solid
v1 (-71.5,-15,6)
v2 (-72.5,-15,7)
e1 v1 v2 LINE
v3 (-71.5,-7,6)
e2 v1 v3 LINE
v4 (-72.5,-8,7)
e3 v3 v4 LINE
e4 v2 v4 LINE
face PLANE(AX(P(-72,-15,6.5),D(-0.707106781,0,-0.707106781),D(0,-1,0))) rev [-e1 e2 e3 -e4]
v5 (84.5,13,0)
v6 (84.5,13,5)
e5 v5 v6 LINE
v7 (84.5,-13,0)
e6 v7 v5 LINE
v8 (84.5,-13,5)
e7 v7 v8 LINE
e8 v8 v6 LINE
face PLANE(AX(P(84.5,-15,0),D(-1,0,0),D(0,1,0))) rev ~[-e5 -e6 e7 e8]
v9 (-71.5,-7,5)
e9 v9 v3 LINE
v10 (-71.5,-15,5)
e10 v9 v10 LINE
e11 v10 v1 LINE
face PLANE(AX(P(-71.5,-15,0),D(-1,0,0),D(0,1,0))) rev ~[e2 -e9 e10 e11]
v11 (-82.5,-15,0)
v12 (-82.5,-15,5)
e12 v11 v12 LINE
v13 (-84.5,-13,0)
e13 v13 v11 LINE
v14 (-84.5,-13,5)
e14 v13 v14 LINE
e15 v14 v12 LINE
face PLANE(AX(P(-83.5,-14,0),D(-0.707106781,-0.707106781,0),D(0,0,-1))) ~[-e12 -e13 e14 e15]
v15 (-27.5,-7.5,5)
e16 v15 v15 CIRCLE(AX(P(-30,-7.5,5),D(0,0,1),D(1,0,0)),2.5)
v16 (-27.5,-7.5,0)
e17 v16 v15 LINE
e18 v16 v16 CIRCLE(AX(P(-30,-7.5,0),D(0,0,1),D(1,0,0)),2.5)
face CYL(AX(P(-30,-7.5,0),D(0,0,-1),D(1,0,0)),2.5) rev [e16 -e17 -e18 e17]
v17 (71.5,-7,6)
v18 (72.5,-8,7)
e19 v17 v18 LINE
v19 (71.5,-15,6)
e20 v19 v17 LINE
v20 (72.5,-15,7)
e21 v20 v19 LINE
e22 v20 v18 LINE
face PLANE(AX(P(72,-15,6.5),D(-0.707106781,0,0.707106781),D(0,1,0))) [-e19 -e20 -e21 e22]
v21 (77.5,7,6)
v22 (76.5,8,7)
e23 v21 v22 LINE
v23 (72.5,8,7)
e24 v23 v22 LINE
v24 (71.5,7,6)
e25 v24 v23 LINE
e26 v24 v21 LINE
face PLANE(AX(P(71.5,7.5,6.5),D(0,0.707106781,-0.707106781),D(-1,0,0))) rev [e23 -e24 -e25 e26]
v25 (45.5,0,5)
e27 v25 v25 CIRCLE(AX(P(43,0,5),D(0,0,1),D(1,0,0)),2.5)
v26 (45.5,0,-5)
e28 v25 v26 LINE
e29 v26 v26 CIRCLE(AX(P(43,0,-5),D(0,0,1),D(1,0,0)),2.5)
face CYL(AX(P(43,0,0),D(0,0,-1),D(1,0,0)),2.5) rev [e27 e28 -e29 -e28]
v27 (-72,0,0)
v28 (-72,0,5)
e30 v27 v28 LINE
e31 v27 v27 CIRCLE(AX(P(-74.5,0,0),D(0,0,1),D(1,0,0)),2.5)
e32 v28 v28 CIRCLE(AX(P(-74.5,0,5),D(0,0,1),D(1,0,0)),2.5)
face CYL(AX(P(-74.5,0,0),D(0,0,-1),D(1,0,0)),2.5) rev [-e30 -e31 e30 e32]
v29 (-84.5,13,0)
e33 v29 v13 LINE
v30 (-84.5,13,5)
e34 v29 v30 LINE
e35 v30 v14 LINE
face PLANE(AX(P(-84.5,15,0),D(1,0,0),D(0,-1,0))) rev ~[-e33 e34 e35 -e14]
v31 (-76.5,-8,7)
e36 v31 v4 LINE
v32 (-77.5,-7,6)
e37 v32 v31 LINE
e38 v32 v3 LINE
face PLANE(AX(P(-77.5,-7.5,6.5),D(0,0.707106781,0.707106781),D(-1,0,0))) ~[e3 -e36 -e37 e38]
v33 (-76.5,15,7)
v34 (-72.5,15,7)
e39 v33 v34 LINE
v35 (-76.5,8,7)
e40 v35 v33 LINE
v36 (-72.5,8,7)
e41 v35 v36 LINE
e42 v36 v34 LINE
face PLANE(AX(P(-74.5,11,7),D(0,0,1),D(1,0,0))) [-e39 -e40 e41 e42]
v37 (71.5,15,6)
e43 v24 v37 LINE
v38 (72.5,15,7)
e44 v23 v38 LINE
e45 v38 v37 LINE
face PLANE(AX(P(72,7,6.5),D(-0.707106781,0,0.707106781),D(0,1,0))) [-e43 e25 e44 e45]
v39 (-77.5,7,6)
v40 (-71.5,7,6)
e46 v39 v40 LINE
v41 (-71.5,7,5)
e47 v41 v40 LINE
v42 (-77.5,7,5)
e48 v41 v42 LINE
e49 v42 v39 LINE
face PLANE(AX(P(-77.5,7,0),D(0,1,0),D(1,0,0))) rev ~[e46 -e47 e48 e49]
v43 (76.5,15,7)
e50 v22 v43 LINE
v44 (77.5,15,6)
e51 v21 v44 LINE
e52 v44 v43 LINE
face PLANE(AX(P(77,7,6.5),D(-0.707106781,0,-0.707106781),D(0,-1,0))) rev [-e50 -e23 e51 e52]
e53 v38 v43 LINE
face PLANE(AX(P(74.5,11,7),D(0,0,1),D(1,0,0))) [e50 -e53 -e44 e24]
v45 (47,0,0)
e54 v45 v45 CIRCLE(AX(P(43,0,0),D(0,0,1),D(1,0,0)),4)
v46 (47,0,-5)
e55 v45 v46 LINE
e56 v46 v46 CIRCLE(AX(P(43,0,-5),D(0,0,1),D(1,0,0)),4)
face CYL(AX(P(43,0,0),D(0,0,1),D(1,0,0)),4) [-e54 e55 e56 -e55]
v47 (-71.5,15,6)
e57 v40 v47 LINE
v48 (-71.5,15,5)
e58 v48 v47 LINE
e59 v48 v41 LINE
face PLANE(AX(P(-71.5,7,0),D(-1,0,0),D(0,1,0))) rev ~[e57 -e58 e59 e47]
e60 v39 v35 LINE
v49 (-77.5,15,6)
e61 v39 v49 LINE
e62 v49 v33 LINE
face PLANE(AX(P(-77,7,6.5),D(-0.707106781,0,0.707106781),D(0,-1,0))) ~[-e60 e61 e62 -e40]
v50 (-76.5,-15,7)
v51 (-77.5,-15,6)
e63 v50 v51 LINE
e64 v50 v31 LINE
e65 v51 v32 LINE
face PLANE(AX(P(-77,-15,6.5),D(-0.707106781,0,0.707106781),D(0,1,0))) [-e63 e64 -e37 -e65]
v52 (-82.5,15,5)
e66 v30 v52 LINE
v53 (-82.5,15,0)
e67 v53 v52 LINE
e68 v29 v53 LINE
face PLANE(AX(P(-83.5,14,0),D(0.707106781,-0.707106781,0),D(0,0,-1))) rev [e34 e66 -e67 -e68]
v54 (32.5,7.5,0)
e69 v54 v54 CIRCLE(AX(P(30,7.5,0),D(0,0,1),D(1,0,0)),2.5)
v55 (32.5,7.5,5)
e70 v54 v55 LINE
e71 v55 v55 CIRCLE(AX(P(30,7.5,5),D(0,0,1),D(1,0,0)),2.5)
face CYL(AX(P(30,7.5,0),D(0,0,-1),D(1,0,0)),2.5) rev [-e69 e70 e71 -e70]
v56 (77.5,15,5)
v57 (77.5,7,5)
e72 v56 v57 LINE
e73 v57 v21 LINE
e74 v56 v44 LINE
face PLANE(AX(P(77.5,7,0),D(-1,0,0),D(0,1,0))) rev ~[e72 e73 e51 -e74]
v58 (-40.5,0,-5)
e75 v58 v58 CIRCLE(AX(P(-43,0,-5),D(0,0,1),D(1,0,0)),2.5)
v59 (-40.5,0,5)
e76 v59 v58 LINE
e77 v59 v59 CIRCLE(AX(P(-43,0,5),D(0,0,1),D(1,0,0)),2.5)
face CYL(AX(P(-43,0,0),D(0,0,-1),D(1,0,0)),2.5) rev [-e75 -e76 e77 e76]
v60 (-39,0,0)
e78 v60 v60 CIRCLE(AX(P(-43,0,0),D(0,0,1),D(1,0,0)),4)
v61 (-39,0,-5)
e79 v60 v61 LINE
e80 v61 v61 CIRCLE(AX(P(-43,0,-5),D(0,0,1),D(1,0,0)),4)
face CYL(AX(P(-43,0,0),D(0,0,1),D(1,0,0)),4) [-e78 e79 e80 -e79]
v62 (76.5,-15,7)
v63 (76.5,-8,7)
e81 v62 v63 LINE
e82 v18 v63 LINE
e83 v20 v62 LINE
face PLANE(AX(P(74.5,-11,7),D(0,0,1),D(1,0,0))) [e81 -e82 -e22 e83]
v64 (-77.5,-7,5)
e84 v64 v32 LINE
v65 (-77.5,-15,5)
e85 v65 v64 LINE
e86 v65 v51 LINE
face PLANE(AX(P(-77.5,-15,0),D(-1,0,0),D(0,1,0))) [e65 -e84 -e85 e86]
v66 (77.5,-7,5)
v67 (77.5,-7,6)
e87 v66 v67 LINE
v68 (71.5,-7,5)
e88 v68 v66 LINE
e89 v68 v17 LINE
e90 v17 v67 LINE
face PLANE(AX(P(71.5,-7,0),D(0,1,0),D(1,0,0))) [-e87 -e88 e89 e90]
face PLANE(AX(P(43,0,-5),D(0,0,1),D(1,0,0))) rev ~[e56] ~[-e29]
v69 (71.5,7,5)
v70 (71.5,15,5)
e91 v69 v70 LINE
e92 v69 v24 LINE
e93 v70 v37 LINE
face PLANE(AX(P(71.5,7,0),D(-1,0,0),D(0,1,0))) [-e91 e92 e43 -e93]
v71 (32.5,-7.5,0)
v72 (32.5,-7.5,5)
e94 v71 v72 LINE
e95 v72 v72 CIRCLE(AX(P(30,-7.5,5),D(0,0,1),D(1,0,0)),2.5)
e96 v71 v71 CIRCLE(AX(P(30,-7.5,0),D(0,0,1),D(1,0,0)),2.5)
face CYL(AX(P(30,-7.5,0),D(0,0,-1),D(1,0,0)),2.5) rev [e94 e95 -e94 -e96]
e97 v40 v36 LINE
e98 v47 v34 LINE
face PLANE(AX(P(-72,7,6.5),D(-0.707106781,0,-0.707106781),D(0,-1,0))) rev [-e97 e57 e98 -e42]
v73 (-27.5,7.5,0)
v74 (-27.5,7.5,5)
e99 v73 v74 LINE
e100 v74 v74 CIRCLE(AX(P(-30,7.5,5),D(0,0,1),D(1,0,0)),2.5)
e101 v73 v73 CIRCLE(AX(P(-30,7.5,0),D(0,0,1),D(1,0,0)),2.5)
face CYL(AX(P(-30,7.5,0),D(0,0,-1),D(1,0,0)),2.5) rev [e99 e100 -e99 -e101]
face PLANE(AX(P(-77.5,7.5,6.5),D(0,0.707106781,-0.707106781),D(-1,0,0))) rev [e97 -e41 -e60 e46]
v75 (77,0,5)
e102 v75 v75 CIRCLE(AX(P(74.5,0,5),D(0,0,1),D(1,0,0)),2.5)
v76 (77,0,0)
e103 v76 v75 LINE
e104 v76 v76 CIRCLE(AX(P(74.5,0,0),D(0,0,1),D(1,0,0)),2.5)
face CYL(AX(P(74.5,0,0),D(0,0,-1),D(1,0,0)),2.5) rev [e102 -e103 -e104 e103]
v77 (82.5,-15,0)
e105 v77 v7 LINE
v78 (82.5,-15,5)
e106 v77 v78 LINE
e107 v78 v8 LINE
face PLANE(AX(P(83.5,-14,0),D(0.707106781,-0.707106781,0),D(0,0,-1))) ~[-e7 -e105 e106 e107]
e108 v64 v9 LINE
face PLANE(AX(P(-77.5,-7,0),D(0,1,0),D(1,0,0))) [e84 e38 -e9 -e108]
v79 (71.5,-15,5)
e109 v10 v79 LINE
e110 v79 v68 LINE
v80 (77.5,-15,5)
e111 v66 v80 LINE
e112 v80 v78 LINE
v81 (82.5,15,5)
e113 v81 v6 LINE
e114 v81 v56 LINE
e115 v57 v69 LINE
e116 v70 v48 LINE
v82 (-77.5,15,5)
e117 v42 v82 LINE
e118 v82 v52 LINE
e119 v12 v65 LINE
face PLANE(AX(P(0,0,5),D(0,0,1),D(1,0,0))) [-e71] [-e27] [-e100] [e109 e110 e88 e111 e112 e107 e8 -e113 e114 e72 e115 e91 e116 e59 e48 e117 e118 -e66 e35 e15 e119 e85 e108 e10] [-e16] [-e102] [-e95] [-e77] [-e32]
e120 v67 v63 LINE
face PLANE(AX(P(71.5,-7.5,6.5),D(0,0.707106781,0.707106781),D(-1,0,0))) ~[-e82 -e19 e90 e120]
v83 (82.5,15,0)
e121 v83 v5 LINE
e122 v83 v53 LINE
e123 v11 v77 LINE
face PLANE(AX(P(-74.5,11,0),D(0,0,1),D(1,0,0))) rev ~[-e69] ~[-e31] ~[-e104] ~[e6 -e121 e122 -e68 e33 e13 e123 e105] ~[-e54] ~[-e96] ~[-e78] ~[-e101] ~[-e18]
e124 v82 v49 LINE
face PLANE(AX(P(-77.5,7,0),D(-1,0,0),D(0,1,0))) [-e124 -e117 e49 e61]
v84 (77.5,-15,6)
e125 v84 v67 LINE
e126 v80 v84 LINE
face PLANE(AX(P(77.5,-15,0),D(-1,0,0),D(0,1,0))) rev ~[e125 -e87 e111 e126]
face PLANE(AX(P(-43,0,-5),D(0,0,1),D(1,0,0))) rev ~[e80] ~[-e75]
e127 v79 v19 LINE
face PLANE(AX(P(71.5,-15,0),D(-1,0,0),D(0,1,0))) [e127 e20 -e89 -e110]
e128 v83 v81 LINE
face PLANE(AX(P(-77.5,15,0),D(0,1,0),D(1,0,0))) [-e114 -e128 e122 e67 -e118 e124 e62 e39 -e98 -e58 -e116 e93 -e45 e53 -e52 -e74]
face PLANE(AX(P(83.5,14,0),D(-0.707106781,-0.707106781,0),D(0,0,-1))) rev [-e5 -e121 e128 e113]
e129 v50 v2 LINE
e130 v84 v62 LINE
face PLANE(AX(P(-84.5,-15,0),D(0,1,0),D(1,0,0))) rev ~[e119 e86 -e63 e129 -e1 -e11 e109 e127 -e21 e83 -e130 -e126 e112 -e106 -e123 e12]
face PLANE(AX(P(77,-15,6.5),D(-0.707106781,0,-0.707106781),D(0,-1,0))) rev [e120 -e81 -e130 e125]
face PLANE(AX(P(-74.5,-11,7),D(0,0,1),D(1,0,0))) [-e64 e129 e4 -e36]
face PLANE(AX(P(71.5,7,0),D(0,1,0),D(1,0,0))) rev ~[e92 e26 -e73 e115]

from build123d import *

# Parameters (mm, degrees)
F0_R     = 2.5
F0_R_2   = 4
F1_DEPTH = 5
F0_W     = 6
F0_H     = 8
F2_DEPTH = 7
F3_SIZE  = 1
F4_DEPTH = 5
F5_SIZE  = 2


with BuildPart() as f1:
    # F0 (on Top) → F1 (new body)
    with BuildSketch(Plane.XY):
        Polygon((-77.5, 15), (-84.5, 15), (-84.5, -15), (-77.5, -15), (-77.5, -7), (-71.5, -7), (-71.5, -15), (71.5, -15), (71.5, -7), (77.5, -7), (77.5, -15), (84.5, -15), (84.5, 15), (77.5, 15), (77.5, 7), (71.5, 7), (71.5, 15), (-71.5, 15), (-71.5, 7), (-77.5, 7), align=None)
        with Locations((-30, -7.5)):
            Circle(F0_R, mode=Mode.SUBTRACT)
        with Locations((30, -7.5)):
            Circle(F0_R, mode=Mode.SUBTRACT)
        with Locations((-74.5, 0)):
            Circle(F0_R, mode=Mode.SUBTRACT)
        with Locations((-43, 0)):
            Circle(F0_R_2, mode=Mode.SUBTRACT)
        with Locations((-30, 7.5)):
            Circle(F0_R, mode=Mode.SUBTRACT)
        with Locations((43, 0)):
            Circle(F0_R_2, mode=Mode.SUBTRACT)
        with Locations((74.5, 0)):
            Circle(F0_R, mode=Mode.SUBTRACT)
        with Locations((30, 7.5)):
            Circle(F0_R, mode=Mode.SUBTRACT)
        with Locations((-43, 0)):
            Circle(F0_R_2)
        with Locations((-43, 0)):
            Circle(F0_R, mode=Mode.SUBTRACT)
        with Locations((43, 0)):
            Circle(F0_R_2)
        with Locations((43, 0)):
            Circle(F0_R, mode=Mode.SUBTRACT)
    extrude(amount=F1_DEPTH)

    # F0 (on Top) → F2 (join)
    with BuildSketch(Plane.XY):
        with Locations((-74.5, 11)):
            Rectangle(F0_W, F0_H)
        with Locations((-74.5, -11)):
            Rectangle(F0_W, F0_H)
        with Locations((74.5, -11)):
            Rectangle(F0_W, F0_H)
        with Locations((74.5, 11)):
            Rectangle(F0_W, F0_H)
    extrude(amount=F2_DEPTH)

    # F3
    f3_edges = [f1.edges().sort_by_distance(p)[0] for p in [
        (-77.5, 11, 7),
        (-71.5, 11, 7),
        (-74.5, 7, 7),
        (-74.5, -7, 7),
        (-71.5, -11, 7),
        (-77.5, -11, 7),
        (77.5, 11, 7),
        (74.5, 7, 7),
        (71.5, 11, 7),
        (74.5, -7, 7),
        (77.5, -11, 7),
        (71.5, -11, 7),
    ]]
    chamfer(f3_edges, length=F3_SIZE)

    # F0 (on Top) → F4 (join)
    with BuildSketch(Plane.XY):
        with Locations((43, 0)):
            Circle(F0_R_2)
        with Locations((43, 0)):
            Circle(F0_R, mode=Mode.SUBTRACT)
        with Locations((-43, 0)):
            Circle(F0_R_2)
        with Locations((-43, 0)):
            Circle(F0_R, mode=Mode.SUBTRACT)
    extrude(amount=-F4_DEPTH)

    # F5
    f5_edges = [f1.edges().sort_by_distance(p)[0] for p in [
        (-84.5, -15, 2.5),
        (-84.5, 15, 2.5),
        (84.5, -15, 2.5),
        (84.5, 15, 2.5),
    ]]
    chamfer(f5_edges, length=F5_SIZE)


solid = f1.part
